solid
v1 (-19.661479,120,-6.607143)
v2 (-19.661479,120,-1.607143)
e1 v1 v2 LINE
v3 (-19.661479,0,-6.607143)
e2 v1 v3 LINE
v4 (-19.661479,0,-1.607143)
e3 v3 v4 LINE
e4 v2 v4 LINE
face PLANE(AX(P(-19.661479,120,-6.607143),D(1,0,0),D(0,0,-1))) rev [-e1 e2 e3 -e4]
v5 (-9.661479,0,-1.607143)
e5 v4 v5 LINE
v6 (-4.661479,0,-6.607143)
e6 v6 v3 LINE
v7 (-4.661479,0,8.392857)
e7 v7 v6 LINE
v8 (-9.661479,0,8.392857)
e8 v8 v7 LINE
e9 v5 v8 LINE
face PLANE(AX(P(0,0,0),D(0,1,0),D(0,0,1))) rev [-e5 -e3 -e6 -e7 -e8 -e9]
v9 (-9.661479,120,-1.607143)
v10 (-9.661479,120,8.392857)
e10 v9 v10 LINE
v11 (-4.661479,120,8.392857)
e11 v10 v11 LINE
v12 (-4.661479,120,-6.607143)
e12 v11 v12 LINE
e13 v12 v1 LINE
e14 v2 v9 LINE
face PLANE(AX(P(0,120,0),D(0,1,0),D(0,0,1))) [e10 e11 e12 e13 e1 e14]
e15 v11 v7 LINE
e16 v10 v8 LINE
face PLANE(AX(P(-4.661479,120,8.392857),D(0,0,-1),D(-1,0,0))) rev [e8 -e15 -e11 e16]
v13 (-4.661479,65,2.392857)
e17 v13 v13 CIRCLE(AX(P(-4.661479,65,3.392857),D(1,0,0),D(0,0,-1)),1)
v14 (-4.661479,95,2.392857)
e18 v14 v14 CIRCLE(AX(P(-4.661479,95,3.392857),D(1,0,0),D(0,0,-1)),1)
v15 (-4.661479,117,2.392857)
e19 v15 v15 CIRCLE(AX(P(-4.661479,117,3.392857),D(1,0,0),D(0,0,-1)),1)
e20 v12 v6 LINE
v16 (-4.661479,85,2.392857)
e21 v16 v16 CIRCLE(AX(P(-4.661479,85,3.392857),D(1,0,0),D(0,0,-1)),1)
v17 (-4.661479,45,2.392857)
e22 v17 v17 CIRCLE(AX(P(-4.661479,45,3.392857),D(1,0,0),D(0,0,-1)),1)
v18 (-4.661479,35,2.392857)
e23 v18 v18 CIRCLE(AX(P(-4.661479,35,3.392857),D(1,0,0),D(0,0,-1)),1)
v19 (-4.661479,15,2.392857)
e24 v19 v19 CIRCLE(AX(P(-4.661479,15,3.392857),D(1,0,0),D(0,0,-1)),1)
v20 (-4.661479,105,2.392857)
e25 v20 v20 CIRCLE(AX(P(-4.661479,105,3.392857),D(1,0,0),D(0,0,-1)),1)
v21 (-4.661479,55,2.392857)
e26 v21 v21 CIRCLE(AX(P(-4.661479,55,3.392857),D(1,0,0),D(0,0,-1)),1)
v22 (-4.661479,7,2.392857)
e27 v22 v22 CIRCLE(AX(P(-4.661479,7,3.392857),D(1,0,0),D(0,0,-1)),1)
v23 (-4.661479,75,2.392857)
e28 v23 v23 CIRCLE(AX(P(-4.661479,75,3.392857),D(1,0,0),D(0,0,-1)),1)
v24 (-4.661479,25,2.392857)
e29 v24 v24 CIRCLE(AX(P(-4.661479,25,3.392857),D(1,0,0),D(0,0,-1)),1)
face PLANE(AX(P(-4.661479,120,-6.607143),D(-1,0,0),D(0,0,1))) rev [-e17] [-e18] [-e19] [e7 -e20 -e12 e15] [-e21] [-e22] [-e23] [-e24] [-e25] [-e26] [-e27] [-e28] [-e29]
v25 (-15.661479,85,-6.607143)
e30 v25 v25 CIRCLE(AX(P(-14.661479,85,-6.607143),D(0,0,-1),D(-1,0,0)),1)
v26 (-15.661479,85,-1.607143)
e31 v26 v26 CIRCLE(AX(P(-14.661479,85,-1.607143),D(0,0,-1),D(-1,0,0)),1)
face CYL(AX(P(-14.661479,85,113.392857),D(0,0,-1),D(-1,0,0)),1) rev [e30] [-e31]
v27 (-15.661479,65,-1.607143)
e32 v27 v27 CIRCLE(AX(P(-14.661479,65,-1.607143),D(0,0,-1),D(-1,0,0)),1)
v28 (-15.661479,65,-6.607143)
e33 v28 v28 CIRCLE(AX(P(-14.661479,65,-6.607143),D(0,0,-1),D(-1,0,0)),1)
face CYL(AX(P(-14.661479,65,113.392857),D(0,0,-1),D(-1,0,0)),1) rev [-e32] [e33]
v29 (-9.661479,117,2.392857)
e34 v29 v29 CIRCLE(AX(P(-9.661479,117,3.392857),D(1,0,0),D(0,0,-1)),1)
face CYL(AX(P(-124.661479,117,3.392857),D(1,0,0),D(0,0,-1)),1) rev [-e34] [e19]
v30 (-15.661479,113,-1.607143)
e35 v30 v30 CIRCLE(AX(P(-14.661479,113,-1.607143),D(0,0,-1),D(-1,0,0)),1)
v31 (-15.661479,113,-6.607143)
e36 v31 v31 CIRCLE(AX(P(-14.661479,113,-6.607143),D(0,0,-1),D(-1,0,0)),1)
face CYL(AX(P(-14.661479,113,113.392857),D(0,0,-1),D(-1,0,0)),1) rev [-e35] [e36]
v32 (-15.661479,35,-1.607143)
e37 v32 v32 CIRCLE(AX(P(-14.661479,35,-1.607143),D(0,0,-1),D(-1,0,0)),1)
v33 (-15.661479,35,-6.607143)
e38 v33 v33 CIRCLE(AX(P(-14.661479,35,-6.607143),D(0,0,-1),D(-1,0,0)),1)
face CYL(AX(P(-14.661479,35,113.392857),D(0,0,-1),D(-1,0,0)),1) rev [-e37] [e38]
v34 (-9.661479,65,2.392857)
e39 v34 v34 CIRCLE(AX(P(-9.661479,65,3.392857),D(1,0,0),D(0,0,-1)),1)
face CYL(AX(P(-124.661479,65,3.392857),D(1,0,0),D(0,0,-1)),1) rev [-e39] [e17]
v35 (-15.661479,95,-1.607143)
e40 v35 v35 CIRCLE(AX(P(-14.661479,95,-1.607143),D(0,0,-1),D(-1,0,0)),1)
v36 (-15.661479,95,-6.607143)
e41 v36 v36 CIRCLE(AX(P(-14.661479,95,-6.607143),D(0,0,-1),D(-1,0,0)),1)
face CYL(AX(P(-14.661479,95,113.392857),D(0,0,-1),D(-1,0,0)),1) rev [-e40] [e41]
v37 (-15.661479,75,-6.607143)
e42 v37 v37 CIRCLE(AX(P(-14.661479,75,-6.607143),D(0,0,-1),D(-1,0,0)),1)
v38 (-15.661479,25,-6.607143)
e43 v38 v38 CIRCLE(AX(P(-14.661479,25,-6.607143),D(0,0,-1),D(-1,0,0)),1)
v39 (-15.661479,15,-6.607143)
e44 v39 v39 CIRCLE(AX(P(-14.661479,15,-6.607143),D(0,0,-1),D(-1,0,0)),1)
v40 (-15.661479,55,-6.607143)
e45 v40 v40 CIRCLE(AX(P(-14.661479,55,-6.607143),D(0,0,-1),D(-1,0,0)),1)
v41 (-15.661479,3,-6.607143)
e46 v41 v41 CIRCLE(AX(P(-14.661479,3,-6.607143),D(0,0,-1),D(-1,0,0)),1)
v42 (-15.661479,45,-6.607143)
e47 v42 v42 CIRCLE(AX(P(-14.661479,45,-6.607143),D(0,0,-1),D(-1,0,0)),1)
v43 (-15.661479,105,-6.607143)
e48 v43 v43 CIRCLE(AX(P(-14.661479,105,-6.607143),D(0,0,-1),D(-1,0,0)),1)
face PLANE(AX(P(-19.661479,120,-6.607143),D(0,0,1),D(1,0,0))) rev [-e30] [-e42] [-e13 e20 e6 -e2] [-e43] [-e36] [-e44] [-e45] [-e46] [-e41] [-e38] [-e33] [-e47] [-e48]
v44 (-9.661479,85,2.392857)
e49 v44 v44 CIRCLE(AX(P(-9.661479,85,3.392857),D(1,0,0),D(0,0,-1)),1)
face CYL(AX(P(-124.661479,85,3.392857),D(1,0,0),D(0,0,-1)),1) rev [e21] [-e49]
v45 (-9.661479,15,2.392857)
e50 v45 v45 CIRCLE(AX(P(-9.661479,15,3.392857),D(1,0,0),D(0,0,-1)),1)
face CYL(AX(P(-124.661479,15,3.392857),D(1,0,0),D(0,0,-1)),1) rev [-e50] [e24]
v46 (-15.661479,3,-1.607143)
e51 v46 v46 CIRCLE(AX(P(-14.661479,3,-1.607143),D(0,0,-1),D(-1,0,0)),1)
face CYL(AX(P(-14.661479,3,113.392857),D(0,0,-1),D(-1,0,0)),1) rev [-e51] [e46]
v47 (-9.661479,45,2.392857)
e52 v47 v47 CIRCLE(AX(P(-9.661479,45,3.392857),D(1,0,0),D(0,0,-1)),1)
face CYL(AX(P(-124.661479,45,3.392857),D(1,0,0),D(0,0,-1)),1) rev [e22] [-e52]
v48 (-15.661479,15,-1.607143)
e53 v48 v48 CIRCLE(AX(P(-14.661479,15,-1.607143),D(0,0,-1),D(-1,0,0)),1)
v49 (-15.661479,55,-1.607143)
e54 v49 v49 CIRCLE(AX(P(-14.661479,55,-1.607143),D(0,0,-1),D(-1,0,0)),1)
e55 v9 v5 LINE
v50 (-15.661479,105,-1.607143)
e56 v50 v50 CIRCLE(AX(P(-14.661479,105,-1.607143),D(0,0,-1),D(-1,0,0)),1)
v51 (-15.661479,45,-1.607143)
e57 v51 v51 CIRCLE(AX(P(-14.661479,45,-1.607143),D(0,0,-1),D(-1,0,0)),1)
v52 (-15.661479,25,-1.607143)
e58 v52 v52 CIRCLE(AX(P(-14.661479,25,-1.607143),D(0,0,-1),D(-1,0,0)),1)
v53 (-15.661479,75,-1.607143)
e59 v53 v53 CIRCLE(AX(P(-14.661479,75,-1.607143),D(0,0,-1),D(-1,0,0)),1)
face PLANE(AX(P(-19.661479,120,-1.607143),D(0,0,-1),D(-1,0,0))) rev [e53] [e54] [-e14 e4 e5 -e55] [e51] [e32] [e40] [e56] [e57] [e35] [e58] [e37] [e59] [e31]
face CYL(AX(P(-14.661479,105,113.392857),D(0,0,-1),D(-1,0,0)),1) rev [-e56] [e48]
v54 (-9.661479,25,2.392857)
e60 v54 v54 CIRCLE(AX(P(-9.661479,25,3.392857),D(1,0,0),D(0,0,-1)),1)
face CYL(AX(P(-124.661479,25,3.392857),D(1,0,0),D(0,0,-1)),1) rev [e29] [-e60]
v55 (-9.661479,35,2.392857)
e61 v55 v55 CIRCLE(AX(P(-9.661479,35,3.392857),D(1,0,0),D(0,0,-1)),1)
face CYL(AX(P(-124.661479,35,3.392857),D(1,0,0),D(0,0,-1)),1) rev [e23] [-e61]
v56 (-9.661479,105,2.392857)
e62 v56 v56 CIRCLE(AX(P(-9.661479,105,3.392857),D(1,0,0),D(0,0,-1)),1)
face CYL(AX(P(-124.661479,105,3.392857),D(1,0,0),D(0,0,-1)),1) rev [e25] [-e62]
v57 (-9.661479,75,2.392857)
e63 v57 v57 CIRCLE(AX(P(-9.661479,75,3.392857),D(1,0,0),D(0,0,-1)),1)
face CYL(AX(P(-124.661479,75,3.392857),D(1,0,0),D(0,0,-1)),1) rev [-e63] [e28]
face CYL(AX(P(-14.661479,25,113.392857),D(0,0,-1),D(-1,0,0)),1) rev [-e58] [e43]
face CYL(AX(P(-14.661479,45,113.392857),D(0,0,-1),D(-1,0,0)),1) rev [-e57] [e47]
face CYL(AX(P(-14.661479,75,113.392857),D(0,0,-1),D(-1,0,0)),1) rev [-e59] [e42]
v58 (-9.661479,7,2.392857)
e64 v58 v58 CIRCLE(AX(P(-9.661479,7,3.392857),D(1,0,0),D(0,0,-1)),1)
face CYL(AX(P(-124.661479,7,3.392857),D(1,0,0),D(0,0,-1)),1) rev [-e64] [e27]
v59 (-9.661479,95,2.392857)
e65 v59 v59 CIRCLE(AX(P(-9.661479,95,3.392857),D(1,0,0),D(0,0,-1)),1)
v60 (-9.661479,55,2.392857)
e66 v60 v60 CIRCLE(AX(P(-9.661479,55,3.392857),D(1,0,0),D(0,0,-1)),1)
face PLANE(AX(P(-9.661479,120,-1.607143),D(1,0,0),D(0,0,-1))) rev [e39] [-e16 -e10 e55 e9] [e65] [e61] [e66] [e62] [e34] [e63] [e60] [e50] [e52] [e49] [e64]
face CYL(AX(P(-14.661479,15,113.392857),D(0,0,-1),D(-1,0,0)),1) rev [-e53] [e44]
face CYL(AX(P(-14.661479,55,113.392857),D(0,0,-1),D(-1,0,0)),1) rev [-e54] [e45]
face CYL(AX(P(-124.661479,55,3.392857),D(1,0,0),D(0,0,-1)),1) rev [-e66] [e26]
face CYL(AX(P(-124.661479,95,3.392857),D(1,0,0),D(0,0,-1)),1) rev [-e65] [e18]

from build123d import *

# Parameters (mm, degrees)
BOSS_EXTRUDE1_DEPTH = 120
SKETCH2_R           = 1
CUT_EXTRUDE3_DEPTH  = 120
SKETCH4_R           = 1
CUT_EXTRUDE4_DEPTH  = 120
SKETCH5_R           = 1
CUT_EXTRUDE5_DEPTH  = 120
SKETCH6_R           = 1
CUT_EXTRUDE6_DEPTH  = 120
SKETCH8_R           = 1
CUT_EXTRUDE7_DEPTH  = 120
SKETCH9_R           = 1
CUT_EXTRUDE8_DEPTH  = 120


with BuildPart() as part:
    # Sketch1 → Boss-Extrude1 (new body)
    with BuildSketch(Plane(origin=(0, 0, 0), x_dir=(1, 0, 0), z_dir=(0, 1, 0))):
        Polygon((-19.661478752, 6.607142857), (-4.661478752, 6.607142857), (-4.661478752, -8.392857143), (-9.661478752, -8.392857143), (-9.661478752, 1.607142857), (-19.661478752, 1.607142857), align=None)
    extrude(amount=BOSS_EXTRUDE1_DEPTH)

    # Sketch2 → Cut-Extrude3 (cut)
    with BuildSketch(Plane(origin=(-4.661478752, 0, 0), x_dir=(0, 0, -1), z_dir=(1, 0, 0))):
        with Locations((-3.392857143, 117)):
            Circle(SKETCH2_R)
    extrude(amount=-CUT_EXTRUDE3_DEPTH, mode=Mode.SUBTRACT)

    # Sketch4 → Cut-Extrude4 (cut)
    with BuildSketch(Plane(origin=(0, 0, -6.607142857), x_dir=(-1, 0, 0), z_dir=(0, 0, -1))):
        with Locations((14.661478752, 113)):
            Circle(SKETCH4_R)
    extrude(amount=-CUT_EXTRUDE4_DEPTH, mode=Mode.SUBTRACT)

    # Sketch5 → Cut-Extrude5 (cut)
    with BuildSketch(Plane(origin=(-4.661478752, 0, 0), x_dir=(0, 0, -1), z_dir=(1, 0, 0))):
        with Locations((-3.392857143, 7)):
            Circle(SKETCH5_R)
    extrude(amount=-CUT_EXTRUDE5_DEPTH, mode=Mode.SUBTRACT)

    # Sketch6 → Cut-Extrude6 (cut)
    with BuildSketch(Plane(origin=(0, 0, -6.607142857), x_dir=(-1, 0, 0), z_dir=(0, 0, -1))):
        with Locations((14.661478752, 3)):
            Circle(SKETCH6_R)
    extrude(amount=-CUT_EXTRUDE6_DEPTH, mode=Mode.SUBTRACT)

    # Sketch8 → Cut-Extrude7 (cut)
    with BuildSketch(Plane(origin=(-4.661478752, 0, 0), x_dir=(0, 0, -1), z_dir=(1, 0, 0))):
        with Locations((-3.392857143, 105)):
            Circle(SKETCH8_R)
        with Locations((-3.392857143, 95)):
            Circle(SKETCH8_R)
        with Locations((-3.392857143, 85)):
            Circle(SKETCH8_R)
        with Locations((-3.392857143, 75)):
            Circle(SKETCH8_R)
        with Locations((-3.392857143, 65)):
            Circle(SKETCH8_R)
        with Locations((-3.392857143, 55)):
            Circle(SKETCH8_R)
        with Locations((-3.392857143, 45)):
            Circle(SKETCH8_R)
        with Locations((-3.392857143, 35)):
            Circle(SKETCH8_R)
        with Locations((-3.392857143, 25)):
            Circle(SKETCH8_R)
        with Locations((-3.392857143, 15)):
            Circle(SKETCH8_R)
    extrude(amount=-CUT_EXTRUDE7_DEPTH, mode=Mode.SUBTRACT)

    # Sketch9 → Cut-Extrude8 (cut)
    with BuildSketch(Plane(origin=(0, 0, -6.607142857), x_dir=(-1, 0, 0), z_dir=(0, 0, -1))):
        with Locations((14.661478752, 15)):
            Circle(SKETCH9_R)
        with Locations((14.661478752, 25)):
            Circle(SKETCH9_R)
        with Locations((14.661478752, 35)):
            Circle(SKETCH9_R)
        with Locations((14.661478752, 45)):
            Circle(SKETCH9_R)
        with Locations((14.661478752, 55)):
            Circle(SKETCH9_R)
        with Locations((14.661478752, 65)):
            Circle(SKETCH9_R)
        with Locations((14.661478752, 75)):
            Circle(SKETCH9_R)
        with Locations((14.661478752, 85)):
            Circle(SKETCH9_R)
        with Locations((14.661478752, 95)):
            Circle(SKETCH9_R)
        with Locations((14.661478752, 105)):
            Circle(SKETCH9_R)
    extrude(amount=-CUT_EXTRUDE8_DEPTH, mode=Mode.SUBTRACT)


solid = part.part
